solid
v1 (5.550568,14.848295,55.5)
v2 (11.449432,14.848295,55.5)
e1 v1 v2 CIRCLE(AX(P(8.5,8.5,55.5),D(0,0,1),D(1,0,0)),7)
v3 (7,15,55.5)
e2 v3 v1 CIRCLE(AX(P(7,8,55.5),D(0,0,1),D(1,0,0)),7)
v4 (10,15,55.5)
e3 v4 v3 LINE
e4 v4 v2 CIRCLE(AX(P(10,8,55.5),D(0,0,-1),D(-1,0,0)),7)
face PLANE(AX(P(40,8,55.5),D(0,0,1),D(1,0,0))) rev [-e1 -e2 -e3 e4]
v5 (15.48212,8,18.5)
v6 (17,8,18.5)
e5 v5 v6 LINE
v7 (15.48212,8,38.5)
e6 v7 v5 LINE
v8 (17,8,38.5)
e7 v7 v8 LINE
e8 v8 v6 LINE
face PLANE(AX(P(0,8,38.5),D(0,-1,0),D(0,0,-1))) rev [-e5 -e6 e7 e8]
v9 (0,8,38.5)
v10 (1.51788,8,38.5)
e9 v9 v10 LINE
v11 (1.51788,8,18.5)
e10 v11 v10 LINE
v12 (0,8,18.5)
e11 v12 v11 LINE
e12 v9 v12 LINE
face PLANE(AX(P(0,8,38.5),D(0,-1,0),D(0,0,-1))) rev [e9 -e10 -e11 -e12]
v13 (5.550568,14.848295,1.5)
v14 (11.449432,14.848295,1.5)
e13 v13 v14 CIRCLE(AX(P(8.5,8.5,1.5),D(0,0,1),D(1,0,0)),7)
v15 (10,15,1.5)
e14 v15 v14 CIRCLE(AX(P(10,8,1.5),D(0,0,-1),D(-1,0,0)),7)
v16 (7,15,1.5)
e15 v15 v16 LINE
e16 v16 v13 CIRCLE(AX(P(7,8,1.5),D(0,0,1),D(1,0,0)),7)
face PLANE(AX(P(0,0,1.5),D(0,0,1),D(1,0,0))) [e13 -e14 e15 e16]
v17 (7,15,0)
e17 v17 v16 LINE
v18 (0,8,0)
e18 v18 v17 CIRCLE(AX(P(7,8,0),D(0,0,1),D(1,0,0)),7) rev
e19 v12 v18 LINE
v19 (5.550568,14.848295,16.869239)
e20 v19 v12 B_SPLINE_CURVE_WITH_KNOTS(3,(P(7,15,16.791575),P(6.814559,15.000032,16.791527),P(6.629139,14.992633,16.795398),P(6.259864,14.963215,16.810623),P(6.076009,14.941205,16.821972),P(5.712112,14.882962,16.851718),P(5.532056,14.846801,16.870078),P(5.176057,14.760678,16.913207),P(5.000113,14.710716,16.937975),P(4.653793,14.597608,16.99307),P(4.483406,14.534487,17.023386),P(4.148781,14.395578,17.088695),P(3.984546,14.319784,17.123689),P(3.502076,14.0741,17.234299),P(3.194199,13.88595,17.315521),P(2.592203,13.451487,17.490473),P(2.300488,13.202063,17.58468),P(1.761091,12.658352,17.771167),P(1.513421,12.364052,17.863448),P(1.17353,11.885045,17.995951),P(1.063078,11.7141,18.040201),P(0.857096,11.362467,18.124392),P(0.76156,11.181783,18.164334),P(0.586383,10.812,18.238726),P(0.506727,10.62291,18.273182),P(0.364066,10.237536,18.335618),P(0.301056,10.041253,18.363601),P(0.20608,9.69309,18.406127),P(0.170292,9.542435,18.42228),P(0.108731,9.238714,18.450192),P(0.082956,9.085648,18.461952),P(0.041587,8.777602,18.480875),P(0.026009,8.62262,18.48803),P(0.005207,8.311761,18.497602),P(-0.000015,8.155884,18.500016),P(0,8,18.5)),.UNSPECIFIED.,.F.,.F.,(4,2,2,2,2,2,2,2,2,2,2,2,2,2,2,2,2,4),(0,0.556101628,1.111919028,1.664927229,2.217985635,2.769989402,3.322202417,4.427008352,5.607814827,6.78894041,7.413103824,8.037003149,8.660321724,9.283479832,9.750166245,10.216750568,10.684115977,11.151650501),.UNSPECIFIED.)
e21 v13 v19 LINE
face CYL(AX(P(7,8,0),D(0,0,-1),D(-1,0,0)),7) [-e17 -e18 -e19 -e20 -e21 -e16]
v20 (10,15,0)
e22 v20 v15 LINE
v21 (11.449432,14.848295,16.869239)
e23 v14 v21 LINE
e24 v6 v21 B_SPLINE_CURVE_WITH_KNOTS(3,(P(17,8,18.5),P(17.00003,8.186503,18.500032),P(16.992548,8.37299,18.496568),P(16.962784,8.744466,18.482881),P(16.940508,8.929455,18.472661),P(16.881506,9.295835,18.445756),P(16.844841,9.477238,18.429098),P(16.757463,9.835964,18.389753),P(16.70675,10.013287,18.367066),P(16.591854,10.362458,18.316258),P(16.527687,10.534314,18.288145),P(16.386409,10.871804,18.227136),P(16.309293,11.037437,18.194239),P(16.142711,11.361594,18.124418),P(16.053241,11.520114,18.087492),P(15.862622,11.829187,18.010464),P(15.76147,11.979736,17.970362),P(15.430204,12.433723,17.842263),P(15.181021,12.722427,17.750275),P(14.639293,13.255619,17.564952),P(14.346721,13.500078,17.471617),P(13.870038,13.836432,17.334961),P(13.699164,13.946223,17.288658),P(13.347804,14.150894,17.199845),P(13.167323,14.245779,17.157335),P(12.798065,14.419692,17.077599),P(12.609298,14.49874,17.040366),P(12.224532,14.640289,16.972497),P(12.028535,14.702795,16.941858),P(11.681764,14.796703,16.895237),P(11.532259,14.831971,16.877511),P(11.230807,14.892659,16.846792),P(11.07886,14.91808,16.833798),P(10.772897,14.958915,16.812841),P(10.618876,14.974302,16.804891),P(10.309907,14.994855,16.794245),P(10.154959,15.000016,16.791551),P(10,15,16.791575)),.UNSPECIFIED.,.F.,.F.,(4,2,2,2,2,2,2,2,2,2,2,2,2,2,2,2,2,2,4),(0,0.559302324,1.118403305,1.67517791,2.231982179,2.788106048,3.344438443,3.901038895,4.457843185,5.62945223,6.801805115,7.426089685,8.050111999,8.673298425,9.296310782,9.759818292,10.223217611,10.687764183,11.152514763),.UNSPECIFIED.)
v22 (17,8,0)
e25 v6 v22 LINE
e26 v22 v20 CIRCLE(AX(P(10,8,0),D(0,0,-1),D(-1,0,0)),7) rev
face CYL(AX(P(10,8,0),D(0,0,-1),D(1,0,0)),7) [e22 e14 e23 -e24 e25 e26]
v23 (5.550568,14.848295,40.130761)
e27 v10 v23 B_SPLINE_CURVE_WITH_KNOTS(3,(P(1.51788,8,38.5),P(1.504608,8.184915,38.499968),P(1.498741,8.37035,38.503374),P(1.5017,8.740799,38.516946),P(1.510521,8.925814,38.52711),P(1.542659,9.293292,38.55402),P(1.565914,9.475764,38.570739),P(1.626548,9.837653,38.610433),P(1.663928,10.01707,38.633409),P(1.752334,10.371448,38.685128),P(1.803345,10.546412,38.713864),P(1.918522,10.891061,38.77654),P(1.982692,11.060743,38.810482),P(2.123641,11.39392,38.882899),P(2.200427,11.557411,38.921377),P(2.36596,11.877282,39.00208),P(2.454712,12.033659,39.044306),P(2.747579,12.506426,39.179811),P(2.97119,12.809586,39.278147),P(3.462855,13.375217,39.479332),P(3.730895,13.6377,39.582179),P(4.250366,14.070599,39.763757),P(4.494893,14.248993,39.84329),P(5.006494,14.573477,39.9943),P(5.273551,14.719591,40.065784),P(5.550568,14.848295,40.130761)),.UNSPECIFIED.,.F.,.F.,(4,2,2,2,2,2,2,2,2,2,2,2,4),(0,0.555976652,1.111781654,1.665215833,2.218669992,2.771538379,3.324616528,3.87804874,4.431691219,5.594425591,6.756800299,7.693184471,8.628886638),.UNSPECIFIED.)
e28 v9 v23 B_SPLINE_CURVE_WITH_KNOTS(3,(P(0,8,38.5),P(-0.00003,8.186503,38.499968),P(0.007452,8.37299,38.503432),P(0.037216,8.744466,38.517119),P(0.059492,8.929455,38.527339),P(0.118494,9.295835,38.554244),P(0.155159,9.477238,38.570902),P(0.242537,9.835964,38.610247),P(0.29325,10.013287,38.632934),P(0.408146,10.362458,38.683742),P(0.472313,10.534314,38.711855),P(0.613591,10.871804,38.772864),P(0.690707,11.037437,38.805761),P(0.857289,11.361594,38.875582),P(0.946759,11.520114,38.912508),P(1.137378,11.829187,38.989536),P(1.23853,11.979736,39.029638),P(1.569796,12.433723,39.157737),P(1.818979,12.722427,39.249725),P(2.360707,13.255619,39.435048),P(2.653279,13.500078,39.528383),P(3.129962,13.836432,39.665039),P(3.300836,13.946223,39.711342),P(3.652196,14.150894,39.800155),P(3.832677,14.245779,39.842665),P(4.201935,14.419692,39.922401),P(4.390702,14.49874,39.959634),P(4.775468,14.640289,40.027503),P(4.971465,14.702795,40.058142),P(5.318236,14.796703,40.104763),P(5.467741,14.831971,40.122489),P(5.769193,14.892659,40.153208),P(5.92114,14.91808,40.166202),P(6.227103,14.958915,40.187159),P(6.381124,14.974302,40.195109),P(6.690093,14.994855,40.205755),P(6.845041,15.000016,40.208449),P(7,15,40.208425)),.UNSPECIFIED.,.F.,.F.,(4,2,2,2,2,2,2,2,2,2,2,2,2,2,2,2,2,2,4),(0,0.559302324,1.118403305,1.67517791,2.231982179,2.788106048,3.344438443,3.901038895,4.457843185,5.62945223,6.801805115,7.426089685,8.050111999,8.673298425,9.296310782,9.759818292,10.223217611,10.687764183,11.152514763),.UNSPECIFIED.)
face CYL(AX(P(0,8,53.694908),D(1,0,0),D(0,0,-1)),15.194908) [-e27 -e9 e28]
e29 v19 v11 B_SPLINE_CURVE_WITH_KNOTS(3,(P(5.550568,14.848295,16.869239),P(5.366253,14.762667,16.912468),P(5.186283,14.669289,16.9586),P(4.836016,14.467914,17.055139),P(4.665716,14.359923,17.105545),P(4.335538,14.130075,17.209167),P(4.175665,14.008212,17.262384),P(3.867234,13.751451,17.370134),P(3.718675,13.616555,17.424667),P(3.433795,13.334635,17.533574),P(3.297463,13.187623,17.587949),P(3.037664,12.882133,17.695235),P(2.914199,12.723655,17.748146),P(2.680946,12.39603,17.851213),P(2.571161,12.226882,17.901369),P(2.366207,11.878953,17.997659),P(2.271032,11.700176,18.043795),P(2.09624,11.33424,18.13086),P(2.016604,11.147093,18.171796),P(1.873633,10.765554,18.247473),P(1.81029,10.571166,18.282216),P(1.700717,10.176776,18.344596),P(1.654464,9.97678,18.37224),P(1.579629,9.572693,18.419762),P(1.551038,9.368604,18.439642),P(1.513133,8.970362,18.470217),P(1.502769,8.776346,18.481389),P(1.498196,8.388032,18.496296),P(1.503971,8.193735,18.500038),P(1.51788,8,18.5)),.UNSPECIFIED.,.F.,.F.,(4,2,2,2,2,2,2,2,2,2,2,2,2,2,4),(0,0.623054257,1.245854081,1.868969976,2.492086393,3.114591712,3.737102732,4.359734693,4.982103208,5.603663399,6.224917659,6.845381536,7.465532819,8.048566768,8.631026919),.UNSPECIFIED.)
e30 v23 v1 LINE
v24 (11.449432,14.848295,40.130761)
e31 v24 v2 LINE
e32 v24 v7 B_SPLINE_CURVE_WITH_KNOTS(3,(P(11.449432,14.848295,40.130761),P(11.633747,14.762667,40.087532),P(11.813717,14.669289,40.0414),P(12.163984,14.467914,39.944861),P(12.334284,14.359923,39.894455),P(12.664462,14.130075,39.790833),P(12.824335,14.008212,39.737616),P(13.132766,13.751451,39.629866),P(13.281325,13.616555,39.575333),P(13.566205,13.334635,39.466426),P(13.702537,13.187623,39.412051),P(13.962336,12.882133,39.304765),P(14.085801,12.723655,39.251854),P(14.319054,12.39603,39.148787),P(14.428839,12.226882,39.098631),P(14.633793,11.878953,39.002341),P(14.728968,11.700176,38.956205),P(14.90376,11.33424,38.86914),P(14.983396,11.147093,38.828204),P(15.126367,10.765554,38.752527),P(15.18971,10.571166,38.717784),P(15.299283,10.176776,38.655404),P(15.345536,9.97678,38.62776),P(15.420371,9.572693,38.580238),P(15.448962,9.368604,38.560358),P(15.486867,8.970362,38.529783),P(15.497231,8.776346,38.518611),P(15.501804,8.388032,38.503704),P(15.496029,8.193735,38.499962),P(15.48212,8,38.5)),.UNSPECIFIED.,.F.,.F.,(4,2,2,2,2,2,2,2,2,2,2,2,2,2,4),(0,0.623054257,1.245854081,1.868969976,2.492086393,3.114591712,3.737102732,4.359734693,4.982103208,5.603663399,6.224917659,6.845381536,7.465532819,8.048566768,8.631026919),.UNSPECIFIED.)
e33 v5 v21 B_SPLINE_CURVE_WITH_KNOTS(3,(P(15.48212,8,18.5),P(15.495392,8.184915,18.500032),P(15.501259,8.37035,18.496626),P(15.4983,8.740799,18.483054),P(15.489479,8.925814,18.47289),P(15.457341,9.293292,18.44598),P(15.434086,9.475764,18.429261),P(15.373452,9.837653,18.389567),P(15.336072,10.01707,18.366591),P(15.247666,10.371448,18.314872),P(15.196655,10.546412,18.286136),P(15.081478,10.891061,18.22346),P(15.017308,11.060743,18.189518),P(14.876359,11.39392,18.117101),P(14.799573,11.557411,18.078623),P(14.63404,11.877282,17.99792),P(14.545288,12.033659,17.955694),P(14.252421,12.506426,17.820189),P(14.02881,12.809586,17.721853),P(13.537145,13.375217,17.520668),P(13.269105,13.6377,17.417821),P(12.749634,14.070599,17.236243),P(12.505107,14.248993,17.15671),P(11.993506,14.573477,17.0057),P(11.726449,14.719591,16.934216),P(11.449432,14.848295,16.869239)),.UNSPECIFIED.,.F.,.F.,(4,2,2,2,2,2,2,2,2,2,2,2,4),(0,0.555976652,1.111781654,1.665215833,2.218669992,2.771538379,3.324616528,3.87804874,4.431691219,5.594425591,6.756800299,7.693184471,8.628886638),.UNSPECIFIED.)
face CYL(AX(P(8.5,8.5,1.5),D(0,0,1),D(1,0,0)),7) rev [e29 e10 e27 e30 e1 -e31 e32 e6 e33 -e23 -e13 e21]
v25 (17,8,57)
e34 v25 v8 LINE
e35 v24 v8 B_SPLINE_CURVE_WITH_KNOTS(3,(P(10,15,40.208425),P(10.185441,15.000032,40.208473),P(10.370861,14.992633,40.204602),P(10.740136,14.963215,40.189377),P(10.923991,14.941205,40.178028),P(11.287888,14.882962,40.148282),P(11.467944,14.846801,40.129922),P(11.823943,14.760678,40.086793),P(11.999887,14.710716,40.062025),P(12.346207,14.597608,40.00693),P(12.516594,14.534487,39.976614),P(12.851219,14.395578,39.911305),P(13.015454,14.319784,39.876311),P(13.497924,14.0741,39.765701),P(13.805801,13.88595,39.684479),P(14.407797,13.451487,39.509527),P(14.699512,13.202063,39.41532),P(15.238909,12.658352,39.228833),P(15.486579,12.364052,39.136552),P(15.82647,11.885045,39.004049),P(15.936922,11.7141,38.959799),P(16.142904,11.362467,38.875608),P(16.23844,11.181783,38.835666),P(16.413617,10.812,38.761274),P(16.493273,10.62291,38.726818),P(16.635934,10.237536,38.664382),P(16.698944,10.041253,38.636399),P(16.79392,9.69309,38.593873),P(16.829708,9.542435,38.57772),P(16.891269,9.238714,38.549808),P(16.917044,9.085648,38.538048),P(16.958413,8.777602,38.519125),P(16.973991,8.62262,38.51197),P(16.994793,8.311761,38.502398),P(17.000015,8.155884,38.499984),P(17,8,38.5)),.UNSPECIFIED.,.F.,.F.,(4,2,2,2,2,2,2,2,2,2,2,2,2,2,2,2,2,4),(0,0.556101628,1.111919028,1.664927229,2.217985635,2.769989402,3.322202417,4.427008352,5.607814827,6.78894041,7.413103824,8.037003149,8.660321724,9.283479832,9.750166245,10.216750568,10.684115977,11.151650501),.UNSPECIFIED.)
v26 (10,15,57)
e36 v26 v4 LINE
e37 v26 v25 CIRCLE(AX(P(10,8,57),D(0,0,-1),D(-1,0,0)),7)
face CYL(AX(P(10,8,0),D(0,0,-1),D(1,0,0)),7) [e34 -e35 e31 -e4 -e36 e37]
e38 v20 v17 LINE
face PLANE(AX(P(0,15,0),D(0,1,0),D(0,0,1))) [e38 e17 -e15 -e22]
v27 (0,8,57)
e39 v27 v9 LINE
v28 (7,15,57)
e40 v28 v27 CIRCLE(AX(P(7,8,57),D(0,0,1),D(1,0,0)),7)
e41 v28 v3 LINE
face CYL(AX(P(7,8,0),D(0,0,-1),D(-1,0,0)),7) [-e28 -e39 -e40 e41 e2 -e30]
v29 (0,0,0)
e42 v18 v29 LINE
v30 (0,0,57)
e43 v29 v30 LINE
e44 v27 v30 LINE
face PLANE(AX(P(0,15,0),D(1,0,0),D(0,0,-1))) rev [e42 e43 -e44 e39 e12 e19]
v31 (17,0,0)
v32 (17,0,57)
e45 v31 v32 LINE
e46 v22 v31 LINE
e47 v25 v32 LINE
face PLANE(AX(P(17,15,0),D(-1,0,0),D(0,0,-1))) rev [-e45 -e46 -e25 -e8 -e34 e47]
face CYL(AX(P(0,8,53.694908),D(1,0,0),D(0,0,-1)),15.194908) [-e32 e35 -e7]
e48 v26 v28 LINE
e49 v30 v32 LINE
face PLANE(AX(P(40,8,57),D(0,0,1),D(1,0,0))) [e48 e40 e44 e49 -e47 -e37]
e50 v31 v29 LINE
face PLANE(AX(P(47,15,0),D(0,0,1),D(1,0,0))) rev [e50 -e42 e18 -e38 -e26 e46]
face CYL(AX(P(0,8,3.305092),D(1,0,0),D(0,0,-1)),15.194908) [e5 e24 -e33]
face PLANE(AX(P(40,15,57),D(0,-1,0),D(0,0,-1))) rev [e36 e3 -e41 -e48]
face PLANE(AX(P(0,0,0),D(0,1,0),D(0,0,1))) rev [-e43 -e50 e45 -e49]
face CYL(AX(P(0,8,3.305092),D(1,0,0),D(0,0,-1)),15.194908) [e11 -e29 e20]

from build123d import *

# Parameters (mm, degrees)
SKETCH1_W           = 47
SKETCH1_H           = 55.5
BOSS_EXTRUDE1_DEPTH = 15
CUT_EXTRUDE4_DEPTH  = 54
FILLET1_R           = 7
FILLET2_R           = 7
SKETCH3_W           = 4.401923789
SKETCH3_H           = 6.5
CUT_EXTRUDE5_DEPTH  = 54
SKETCH4_W           = 1
SKETCH4_H           = 1
CUT_EXTRUDE6_DEPTH  = 54
CUT_EXTRUDE7_DEPTH  = 20
CUT_EXTRUDE8_DEPTH  = 5
BOSS_EXTRUDE3_DEPTH = 1.5
CUT_EXTRUDE9_DEPTH  = 57
SKETCH11_W          = 23.5
SKETCH11_H          = 15
CUT_EXTRUDE10_DEPTH = 68.067130548
SKETCH12_W          = 7.286258621
SKETCH12_H          = 11.383570635
BOSS_EXTRUDE4_DEPTH = 10
CUT_EXTRUDE11_DEPTH = 62.343296292


with BuildPart() as part:
    # Sketch1 → Boss-Extrude1 (new body)
    with BuildSketch(Plane(origin=(0, 0, 0), x_dir=(1, 0, 0), z_dir=(0, 1, 0))):
        with Locations((23.5, -27.75)):
            Rectangle(SKETCH1_W, SKETCH1_H)
    extrude(amount=BOSS_EXTRUDE1_DEPTH)

    # Sketch2 → Cut-Extrude4 (cut)
    with BuildSketch(Plane.XY.offset(55.5)):
        with BuildLine():
            Line((11.098076211, 15), (5.901923789, 15))
            ThreePointArc((5.901923789, 15), (8.5, 1.5), (11.098076211, 15))
        make_face()
        with BuildLine():
            Line((26.098076211, 15), (20.901923789, 15))
            ThreePointArc((20.901923789, 15), (23.5, 1.5), (26.098076211, 15))
        make_face()
        with BuildLine():
            ThreePointArc((35.901923789, 15), (38.5, 1.5), (41.098076211, 15))
            Line((41.098076211, 15), (35.901923789, 15))
        make_face()
    extrude(amount=-CUT_EXTRUDE4_DEPTH, mode=Mode.SUBTRACT)

    # Fillet1
    fillet1_edges = [part.edges().sort_by_distance(p)[0] for p in [
        (47, 15, 27.75),
    ]]
    fillet(fillet1_edges, radius=FILLET1_R)

    # Fillet2
    fillet2_edges = [part.edges().sort_by_distance(p)[0] for p in [
        (0, 15, 27.75),
    ]]
    fillet(fillet2_edges, radius=FILLET2_R)

    # Sketch3 → Cut-Extrude5 (cut)
    with BuildSketch(Plane.XY.offset(55.5)):
        with Locations((28.299038106, 11.75)):
            Rectangle(SKETCH3_W, SKETCH3_H)
        with Locations((33.700961895, 11.75)):
            Rectangle(SKETCH3_W, SKETCH3_H)
        with Locations((13.299038106, 11.75)):
            Rectangle(SKETCH3_W, SKETCH3_H)
        with Locations((18.700961895, 11.75)):
            Rectangle(SKETCH3_W, SKETCH3_H)
    extrude(amount=-CUT_EXTRUDE5_DEPTH, mode=Mode.SUBTRACT)

    # Sketch4 → Cut-Extrude6 (cut)
    with BuildSketch(Plane.XY.offset(55.5)):
        with Locations((16, 14.5)):
            Rectangle(SKETCH4_W, SKETCH4_H)
        with Locations((31, 14.5)):
            Rectangle(SKETCH4_W, SKETCH4_H)
    extrude(amount=-CUT_EXTRUDE6_DEPTH, mode=Mode.SUBTRACT)

    # Sketch5 → Cut-Extrude7 (cut)
    with BuildSketch(Plane.ZY.offset(-15.5)):
        Polygon((6.5, 14), (50.5, 14), (40.5, 7), (16.5, 7), align=None)
    extrude(amount=-CUT_EXTRUDE7_DEPTH, mode=Mode.SUBTRACT)

    # Sketch5<2> → Cut-Extrude8 (cut)
    with BuildSketch(Plane.ZY.offset(-15.5)):
        Polygon((6.5, 14), (50.5, 14), (40.5, 7), (16.5, 7), align=None)
    extrude(amount=CUT_EXTRUDE8_DEPTH, mode=Mode.SUBTRACT)

    # Sketch6 → Boss-Extrude3 (add)
    with BuildSketch(Plane.XY.offset(55.5)):
        with BuildLine():
            Line((0, 0), (47, 0))
            Line((47, 0), (47, 8))
            ThreePointArc((47, 8), (44.949747468, 12.949747468), (40, 15))
            Line((40, 15), (7, 15))
            ThreePointArc((7, 15), (2.050252532, 12.949747468), (0, 8))
            Line((0, 8), (0, 0))
        make_face()
    extrude(amount=BOSS_EXTRUDE3_DEPTH)

    # Sketch7 → Cut-Extrude9 (cut)
    with BuildSketch(Plane.XY.offset(57)):
        Polygon((16, 8), (16, 15), (47, 15), (47, 0), (16, 0), align=None)
    extrude(amount=-CUT_EXTRUDE9_DEPTH, mode=Mode.SUBTRACT)

    # Mirror1: part across plane


with BuildPart() as part_1:
    add(part.part)
    add(part.part.mirror(Plane(origin=(16, 8, 0), x_dir=(0, 0, 1), z_dir=(-1, 0, 0))))

    # Sketch11 → Cut-Extrude10 (cut, through all)
    with BuildSketch(Plane.XY.offset(57)):
        with Locations((20.25, 7.5)):
            Rectangle(SKETCH11_W, SKETCH11_H)
    extrude(amount=-CUT_EXTRUDE10_DEPTH, mode=Mode.SUBTRACT)


with BuildPart() as body_2:
    # Sketch12 → Boss-Extrude4 (new body)
    with BuildSketch(Plane.XY.offset(57)):
        with Locations((18.969587134, 9.308214683)):
            Rectangle(SKETCH12_W, SKETCH12_H)
    extrude(amount=BOSS_EXTRUDE4_DEPTH)


with BuildPart() as body_3:
    # Mirror2: mirrored copy
    add(part_1.part.mirror(Plane(origin=(8.5, 15, 0), x_dir=(0, 0, 1), z_dir=(-1, 0, 0))))


with BuildPart() as part_2:
    add(part_1.part)

    # Combine1: union body 3
    add(body_3.part)

    # Sketch13 → Cut-Extrude11 (cut, through all)
    with BuildSketch(Plane(origin=(17, 0, 0), x_dir=(0, 0, -1), z_dir=(1, 0, 0))):
        with BuildLine():
            Line((-38.5, 8), (-18.5, 8))
            ThreePointArc((-18.5, 8), (-15.125235033, 17.548269454), (-6.5, 22.855227978))
            Line((-6.5, 22.855227978), (-18.5, 22.855227978))
            Line((-18.5, 22.855227978), (-38.5, 22.855227978))
            Line((-38.5, 22.855227978), (-50.5, 22.855227978))
            ThreePointArc((-50.5, 22.855227978), (-41.874764967, 17.548269454), (-38.5, 8))
        make_face()
    extrude(amount=-CUT_EXTRUDE11_DEPTH, mode=Mode.SUBTRACT)


solid = part_2.part
